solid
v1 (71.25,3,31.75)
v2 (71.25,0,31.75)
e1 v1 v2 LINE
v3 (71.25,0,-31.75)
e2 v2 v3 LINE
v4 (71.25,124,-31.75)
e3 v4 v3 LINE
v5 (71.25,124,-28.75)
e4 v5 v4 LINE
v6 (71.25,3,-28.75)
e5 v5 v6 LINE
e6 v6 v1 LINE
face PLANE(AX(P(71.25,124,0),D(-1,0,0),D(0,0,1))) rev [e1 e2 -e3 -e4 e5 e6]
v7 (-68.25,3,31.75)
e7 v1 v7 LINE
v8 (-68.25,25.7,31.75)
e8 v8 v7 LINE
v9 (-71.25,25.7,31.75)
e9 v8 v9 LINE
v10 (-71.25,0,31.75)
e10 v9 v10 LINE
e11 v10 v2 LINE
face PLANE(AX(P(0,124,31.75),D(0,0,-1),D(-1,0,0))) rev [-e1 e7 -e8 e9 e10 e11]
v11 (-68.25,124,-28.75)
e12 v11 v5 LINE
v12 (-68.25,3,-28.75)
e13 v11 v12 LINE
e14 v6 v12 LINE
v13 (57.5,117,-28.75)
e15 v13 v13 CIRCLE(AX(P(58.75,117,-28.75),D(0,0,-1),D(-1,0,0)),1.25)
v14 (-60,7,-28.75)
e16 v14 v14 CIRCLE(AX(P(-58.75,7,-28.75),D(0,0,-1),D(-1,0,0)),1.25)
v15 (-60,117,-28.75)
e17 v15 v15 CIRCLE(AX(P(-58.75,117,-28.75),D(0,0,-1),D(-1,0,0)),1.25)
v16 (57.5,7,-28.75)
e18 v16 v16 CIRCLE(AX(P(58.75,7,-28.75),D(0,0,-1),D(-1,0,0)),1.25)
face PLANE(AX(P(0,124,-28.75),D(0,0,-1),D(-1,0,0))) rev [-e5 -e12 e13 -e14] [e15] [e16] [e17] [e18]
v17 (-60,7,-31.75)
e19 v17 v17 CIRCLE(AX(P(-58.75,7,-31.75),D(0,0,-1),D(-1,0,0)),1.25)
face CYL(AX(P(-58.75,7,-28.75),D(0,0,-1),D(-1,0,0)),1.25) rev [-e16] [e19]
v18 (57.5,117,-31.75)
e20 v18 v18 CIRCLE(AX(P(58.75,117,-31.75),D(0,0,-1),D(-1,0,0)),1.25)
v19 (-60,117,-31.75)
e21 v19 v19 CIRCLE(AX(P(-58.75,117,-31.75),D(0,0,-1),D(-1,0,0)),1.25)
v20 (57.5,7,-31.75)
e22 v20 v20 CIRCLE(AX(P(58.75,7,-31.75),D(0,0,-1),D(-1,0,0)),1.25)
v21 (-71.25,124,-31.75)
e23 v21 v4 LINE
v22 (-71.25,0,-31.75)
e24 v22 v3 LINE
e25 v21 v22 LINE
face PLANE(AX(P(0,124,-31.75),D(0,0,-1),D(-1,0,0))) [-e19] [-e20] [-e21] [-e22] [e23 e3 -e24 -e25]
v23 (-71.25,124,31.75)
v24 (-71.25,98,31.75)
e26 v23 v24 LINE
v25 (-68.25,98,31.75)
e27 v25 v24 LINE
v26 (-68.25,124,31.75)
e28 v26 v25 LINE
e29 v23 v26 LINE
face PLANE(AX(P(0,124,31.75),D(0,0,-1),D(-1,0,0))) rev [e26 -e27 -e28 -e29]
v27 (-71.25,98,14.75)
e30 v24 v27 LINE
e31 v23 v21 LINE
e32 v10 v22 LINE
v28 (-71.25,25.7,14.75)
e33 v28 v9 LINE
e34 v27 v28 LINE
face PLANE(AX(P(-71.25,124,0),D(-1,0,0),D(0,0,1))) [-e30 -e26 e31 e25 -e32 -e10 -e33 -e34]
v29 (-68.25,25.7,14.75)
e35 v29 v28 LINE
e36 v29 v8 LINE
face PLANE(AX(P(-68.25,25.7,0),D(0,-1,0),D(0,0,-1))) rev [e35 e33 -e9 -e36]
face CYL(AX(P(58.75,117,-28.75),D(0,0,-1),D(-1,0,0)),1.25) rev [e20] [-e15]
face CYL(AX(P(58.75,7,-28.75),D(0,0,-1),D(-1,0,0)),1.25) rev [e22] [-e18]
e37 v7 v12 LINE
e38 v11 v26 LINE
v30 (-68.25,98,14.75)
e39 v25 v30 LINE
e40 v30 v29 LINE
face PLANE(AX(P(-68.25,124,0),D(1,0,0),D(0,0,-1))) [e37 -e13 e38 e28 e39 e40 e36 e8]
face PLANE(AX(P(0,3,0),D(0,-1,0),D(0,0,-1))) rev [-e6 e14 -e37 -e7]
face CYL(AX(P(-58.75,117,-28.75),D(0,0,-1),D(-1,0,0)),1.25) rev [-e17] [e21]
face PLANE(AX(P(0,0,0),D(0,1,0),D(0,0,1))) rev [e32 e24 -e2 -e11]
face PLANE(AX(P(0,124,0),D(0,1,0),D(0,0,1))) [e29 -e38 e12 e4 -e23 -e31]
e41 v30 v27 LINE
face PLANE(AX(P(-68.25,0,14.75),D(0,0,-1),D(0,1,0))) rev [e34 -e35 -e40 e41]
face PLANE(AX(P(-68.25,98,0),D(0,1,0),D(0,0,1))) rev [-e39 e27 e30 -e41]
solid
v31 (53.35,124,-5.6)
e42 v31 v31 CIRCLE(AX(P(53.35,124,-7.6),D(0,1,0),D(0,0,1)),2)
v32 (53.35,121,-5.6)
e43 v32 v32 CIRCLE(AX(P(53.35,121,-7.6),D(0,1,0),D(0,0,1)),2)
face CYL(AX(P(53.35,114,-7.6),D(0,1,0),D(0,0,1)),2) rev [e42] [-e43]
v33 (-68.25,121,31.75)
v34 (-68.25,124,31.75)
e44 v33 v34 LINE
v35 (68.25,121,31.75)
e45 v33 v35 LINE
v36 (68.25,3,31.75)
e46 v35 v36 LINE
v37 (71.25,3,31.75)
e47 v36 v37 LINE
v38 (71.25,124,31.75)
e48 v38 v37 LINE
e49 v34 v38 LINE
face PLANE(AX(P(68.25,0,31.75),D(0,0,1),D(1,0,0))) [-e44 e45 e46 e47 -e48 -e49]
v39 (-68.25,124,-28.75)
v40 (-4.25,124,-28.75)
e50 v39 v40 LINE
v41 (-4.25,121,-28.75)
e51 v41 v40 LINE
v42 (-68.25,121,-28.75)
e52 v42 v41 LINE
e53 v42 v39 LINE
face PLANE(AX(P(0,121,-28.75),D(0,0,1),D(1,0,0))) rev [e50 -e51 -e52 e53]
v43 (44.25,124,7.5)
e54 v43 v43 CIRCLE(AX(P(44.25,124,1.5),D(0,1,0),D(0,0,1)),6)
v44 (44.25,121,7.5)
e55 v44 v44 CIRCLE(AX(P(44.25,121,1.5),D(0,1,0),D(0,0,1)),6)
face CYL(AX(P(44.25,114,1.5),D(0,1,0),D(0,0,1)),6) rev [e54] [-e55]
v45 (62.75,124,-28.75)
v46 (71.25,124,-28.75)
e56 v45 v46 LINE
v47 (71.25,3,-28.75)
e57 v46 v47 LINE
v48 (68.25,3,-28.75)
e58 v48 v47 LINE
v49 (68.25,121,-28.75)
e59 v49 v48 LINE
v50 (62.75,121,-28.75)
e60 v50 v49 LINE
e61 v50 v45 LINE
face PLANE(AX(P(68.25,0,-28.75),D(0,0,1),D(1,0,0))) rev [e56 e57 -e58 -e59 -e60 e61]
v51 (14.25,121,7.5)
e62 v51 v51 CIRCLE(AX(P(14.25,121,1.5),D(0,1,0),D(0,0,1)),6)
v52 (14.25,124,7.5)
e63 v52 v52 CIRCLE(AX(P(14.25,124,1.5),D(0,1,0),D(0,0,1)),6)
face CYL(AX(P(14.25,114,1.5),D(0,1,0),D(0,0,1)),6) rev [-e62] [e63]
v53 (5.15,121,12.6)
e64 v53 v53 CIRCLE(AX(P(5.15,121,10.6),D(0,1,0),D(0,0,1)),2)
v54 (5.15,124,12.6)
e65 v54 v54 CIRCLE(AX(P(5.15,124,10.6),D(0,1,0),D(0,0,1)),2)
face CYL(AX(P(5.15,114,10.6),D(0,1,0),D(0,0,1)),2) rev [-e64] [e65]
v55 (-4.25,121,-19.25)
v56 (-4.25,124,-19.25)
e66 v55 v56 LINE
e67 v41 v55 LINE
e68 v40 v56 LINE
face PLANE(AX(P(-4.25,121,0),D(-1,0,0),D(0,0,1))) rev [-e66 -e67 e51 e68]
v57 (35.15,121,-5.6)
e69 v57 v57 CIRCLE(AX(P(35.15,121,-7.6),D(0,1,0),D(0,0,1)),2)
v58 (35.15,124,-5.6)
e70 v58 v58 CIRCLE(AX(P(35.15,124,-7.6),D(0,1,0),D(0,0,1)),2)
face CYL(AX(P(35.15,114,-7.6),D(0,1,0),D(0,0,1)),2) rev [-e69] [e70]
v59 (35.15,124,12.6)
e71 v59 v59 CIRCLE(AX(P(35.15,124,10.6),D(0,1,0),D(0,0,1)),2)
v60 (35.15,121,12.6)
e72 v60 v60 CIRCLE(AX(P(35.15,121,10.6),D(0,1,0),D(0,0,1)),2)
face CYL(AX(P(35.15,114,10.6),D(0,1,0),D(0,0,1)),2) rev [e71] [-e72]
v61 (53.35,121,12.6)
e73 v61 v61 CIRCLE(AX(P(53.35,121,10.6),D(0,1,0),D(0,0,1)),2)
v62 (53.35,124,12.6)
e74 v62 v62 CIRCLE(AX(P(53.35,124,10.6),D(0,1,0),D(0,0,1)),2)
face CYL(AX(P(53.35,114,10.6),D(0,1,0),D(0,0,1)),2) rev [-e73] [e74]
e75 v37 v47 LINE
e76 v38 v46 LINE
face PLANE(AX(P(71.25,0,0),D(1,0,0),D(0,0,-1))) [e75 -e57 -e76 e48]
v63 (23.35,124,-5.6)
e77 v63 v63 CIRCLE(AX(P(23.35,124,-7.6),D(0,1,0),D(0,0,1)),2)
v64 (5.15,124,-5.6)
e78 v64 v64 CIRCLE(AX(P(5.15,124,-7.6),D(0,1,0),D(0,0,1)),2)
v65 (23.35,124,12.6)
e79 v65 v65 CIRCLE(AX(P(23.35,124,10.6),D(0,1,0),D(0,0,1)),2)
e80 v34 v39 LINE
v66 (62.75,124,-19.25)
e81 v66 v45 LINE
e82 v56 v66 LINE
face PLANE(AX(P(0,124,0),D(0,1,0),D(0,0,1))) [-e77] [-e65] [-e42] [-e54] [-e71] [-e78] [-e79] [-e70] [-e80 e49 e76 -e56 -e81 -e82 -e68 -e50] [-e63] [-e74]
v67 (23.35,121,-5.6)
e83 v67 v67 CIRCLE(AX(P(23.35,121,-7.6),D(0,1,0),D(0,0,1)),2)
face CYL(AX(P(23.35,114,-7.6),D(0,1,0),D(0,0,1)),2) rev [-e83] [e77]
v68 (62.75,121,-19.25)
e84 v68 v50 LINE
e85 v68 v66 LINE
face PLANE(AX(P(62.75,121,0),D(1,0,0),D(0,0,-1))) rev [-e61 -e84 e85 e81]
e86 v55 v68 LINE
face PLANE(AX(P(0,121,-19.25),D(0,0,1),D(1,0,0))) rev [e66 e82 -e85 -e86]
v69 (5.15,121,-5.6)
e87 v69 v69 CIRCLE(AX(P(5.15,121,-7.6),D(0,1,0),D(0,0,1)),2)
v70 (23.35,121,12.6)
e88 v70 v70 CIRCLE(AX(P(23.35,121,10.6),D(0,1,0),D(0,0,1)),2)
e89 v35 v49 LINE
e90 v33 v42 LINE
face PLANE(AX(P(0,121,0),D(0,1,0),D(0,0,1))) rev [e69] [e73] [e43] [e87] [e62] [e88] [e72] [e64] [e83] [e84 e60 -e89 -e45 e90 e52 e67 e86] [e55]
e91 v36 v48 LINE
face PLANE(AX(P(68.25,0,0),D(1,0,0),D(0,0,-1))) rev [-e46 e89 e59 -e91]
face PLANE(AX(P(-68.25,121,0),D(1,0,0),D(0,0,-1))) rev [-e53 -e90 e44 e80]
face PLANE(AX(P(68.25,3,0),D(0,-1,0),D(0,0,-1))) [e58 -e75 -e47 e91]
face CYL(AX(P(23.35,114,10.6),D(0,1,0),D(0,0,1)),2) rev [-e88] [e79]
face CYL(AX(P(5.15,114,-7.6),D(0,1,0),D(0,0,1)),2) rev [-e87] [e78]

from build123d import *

# Parameters (mm, degrees)
SALIENTE_EXTRUIR1_DEPTH = 124
CROQUIS2_W              = 142.5
CROQUIS2_H              = 63.5
SALIENTE_EXTRUIR2_DEPTH = 3
CROQUIS3_W              = 17
CROQUIS3_H              = 72.3
CORTAR_EXTRUIR1_DEPTH   = 3
CROQUIS4_W              = 139.5
CROQUIS4_H              = 60.5
SALIENTE_EXTRUIR4_DEPTH = 3
CROQUIS5_W              = 60.5
CROQUIS5_H              = 118
SALIENTE_EXTRUIR5_DEPTH = 3
CROQUIS6_R              = 1.25
CORTAR_EXTRUIR2_DEPTH   = 3
CROQUIS7_W              = 67
CROQUIS7_H              = 9.5
CORTAR_EXTRUIR3_DEPTH   = 3
CROQUIS9_R              = 1.25
CORTAR_EXTRUIR6_DEPTH   = 3
CROQUIS10_R             = 6
CROQUIS10_R_2           = 2
CORTAR_EXTRUIR7_DEPTH   = 10


with BuildPart() as part:
    # Croquis1 → Saliente-Extruir1 (new body)
    with BuildSketch(Plane(origin=(0, 0, 0), x_dir=(1, 0, 0), z_dir=(0, 1, 0))):
        Polygon((-68.25, -28.75), (-68.25, 28.75), (68.25, 28.75), (71.25, 28.75), (71.25, 31.75), (-71.25, 31.75), (-71.25, -31.75), (-68.25, -31.75), align=None)
    extrude(amount=SALIENTE_EXTRUIR1_DEPTH)

    # Croquis2 → Saliente-Extruir2 (add)
    with BuildSketch(Plane.XZ):
        Rectangle(CROQUIS2_W, CROQUIS2_H)
    extrude(amount=-SALIENTE_EXTRUIR2_DEPTH)

    # Croquis3 → Cortar-Extruir1 (cut)
    with BuildSketch(Plane.ZY.offset(71.25)):
        with Locations((23.25, 61.85)):
            Rectangle(CROQUIS3_W, CROQUIS3_H)
    extrude(amount=-CORTAR_EXTRUIR1_DEPTH, mode=Mode.SUBTRACT)

    # Croquis6 → Cortar-Extruir2 (cut)
    with BuildSketch(Plane(origin=(0, 0, -31.75), x_dir=(-1, 0, 0), z_dir=(0, 0, -1))):
        with Locations((-58.75, 117)):
            Circle(CROQUIS6_R)
        with Locations((58.75, 117)):
            Circle(CROQUIS6_R)
    extrude(amount=-CORTAR_EXTRUIR2_DEPTH, mode=Mode.SUBTRACT)

    # Croquis9 → Cortar-Extruir6 (cut)
    with BuildSketch(Plane(origin=(0, 0, -31.75), x_dir=(-1, 0, 0), z_dir=(0, 0, -1))):
        with Locations((58.75, 7)):
            Circle(CROQUIS9_R)
        with Locations((-58.75, 7)):
            Circle(CROQUIS9_R)
    extrude(amount=-CORTAR_EXTRUIR6_DEPTH, mode=Mode.SUBTRACT)


with BuildPart() as body_2:
    # Croquis4 → Saliente-Extruir4 (new body)
    with BuildSketch(Plane(origin=(0, 124, 0), x_dir=(1, 0, 0), z_dir=(0, 1, 0))):
        with Locations((1.5, -1.5)):
            Rectangle(CROQUIS4_W, CROQUIS4_H)
    extrude(amount=-SALIENTE_EXTRUIR4_DEPTH)

    # Croquis7 → Cortar-Extruir3 (cut)
    with BuildSketch(Plane(origin=(0, 124, 0), x_dir=(1, 0, 0), z_dir=(0, 1, 0))):
        with Locations((29.25, 24)):
            Rectangle(CROQUIS7_W, CROQUIS7_H)
    extrude(amount=-CORTAR_EXTRUIR3_DEPTH, mode=Mode.SUBTRACT)


with BuildPart() as body_3:
    # Croquis5 → Saliente-Extruir5 (new body)
    with BuildSketch(Plane(origin=(71.25, 0, 0), x_dir=(0, 0, -1), z_dir=(1, 0, 0))):
        with Locations((-1.5, 62)):
            Rectangle(CROQUIS5_W, CROQUIS5_H)
    extrude(amount=-SALIENTE_EXTRUIR5_DEPTH)

    # Combinar1: union body 2
    add(body_2.part)

    # Croquis10 → Cortar-Extruir7 (cut)
    with BuildSketch(Plane(origin=(0, 124, 0), x_dir=(1, 0, 0), z_dir=(0, 1, 0))):
        with Locations((14.25, -1.5)):
            Circle(CROQUIS10_R)
        with Locations((23.35, 7.6)):
            Circle(CROQUIS10_R_2)
        with Locations((5.15, 7.6)):
            Circle(CROQUIS10_R_2)
        with Locations((5.15, -10.6)):
            Circle(CROQUIS10_R_2)
        with Locations((23.35, -10.6)):
            Circle(CROQUIS10_R_2)
        with Locations((44.25, -1.5)):
            Circle(CROQUIS10_R)
        with Locations((53.35, 7.6)):
            Circle(CROQUIS10_R_2)
        with Locations((35.15, 7.6)):
            Circle(CROQUIS10_R_2)
        with Locations((35.15, -10.6)):
            Circle(CROQUIS10_R_2)
        with Locations((53.35, -10.6)):
            Circle(CROQUIS10_R_2)
    extrude(amount=-CORTAR_EXTRUIR7_DEPTH, mode=Mode.SUBTRACT)


solid = Compound([part.part, body_3.part])
